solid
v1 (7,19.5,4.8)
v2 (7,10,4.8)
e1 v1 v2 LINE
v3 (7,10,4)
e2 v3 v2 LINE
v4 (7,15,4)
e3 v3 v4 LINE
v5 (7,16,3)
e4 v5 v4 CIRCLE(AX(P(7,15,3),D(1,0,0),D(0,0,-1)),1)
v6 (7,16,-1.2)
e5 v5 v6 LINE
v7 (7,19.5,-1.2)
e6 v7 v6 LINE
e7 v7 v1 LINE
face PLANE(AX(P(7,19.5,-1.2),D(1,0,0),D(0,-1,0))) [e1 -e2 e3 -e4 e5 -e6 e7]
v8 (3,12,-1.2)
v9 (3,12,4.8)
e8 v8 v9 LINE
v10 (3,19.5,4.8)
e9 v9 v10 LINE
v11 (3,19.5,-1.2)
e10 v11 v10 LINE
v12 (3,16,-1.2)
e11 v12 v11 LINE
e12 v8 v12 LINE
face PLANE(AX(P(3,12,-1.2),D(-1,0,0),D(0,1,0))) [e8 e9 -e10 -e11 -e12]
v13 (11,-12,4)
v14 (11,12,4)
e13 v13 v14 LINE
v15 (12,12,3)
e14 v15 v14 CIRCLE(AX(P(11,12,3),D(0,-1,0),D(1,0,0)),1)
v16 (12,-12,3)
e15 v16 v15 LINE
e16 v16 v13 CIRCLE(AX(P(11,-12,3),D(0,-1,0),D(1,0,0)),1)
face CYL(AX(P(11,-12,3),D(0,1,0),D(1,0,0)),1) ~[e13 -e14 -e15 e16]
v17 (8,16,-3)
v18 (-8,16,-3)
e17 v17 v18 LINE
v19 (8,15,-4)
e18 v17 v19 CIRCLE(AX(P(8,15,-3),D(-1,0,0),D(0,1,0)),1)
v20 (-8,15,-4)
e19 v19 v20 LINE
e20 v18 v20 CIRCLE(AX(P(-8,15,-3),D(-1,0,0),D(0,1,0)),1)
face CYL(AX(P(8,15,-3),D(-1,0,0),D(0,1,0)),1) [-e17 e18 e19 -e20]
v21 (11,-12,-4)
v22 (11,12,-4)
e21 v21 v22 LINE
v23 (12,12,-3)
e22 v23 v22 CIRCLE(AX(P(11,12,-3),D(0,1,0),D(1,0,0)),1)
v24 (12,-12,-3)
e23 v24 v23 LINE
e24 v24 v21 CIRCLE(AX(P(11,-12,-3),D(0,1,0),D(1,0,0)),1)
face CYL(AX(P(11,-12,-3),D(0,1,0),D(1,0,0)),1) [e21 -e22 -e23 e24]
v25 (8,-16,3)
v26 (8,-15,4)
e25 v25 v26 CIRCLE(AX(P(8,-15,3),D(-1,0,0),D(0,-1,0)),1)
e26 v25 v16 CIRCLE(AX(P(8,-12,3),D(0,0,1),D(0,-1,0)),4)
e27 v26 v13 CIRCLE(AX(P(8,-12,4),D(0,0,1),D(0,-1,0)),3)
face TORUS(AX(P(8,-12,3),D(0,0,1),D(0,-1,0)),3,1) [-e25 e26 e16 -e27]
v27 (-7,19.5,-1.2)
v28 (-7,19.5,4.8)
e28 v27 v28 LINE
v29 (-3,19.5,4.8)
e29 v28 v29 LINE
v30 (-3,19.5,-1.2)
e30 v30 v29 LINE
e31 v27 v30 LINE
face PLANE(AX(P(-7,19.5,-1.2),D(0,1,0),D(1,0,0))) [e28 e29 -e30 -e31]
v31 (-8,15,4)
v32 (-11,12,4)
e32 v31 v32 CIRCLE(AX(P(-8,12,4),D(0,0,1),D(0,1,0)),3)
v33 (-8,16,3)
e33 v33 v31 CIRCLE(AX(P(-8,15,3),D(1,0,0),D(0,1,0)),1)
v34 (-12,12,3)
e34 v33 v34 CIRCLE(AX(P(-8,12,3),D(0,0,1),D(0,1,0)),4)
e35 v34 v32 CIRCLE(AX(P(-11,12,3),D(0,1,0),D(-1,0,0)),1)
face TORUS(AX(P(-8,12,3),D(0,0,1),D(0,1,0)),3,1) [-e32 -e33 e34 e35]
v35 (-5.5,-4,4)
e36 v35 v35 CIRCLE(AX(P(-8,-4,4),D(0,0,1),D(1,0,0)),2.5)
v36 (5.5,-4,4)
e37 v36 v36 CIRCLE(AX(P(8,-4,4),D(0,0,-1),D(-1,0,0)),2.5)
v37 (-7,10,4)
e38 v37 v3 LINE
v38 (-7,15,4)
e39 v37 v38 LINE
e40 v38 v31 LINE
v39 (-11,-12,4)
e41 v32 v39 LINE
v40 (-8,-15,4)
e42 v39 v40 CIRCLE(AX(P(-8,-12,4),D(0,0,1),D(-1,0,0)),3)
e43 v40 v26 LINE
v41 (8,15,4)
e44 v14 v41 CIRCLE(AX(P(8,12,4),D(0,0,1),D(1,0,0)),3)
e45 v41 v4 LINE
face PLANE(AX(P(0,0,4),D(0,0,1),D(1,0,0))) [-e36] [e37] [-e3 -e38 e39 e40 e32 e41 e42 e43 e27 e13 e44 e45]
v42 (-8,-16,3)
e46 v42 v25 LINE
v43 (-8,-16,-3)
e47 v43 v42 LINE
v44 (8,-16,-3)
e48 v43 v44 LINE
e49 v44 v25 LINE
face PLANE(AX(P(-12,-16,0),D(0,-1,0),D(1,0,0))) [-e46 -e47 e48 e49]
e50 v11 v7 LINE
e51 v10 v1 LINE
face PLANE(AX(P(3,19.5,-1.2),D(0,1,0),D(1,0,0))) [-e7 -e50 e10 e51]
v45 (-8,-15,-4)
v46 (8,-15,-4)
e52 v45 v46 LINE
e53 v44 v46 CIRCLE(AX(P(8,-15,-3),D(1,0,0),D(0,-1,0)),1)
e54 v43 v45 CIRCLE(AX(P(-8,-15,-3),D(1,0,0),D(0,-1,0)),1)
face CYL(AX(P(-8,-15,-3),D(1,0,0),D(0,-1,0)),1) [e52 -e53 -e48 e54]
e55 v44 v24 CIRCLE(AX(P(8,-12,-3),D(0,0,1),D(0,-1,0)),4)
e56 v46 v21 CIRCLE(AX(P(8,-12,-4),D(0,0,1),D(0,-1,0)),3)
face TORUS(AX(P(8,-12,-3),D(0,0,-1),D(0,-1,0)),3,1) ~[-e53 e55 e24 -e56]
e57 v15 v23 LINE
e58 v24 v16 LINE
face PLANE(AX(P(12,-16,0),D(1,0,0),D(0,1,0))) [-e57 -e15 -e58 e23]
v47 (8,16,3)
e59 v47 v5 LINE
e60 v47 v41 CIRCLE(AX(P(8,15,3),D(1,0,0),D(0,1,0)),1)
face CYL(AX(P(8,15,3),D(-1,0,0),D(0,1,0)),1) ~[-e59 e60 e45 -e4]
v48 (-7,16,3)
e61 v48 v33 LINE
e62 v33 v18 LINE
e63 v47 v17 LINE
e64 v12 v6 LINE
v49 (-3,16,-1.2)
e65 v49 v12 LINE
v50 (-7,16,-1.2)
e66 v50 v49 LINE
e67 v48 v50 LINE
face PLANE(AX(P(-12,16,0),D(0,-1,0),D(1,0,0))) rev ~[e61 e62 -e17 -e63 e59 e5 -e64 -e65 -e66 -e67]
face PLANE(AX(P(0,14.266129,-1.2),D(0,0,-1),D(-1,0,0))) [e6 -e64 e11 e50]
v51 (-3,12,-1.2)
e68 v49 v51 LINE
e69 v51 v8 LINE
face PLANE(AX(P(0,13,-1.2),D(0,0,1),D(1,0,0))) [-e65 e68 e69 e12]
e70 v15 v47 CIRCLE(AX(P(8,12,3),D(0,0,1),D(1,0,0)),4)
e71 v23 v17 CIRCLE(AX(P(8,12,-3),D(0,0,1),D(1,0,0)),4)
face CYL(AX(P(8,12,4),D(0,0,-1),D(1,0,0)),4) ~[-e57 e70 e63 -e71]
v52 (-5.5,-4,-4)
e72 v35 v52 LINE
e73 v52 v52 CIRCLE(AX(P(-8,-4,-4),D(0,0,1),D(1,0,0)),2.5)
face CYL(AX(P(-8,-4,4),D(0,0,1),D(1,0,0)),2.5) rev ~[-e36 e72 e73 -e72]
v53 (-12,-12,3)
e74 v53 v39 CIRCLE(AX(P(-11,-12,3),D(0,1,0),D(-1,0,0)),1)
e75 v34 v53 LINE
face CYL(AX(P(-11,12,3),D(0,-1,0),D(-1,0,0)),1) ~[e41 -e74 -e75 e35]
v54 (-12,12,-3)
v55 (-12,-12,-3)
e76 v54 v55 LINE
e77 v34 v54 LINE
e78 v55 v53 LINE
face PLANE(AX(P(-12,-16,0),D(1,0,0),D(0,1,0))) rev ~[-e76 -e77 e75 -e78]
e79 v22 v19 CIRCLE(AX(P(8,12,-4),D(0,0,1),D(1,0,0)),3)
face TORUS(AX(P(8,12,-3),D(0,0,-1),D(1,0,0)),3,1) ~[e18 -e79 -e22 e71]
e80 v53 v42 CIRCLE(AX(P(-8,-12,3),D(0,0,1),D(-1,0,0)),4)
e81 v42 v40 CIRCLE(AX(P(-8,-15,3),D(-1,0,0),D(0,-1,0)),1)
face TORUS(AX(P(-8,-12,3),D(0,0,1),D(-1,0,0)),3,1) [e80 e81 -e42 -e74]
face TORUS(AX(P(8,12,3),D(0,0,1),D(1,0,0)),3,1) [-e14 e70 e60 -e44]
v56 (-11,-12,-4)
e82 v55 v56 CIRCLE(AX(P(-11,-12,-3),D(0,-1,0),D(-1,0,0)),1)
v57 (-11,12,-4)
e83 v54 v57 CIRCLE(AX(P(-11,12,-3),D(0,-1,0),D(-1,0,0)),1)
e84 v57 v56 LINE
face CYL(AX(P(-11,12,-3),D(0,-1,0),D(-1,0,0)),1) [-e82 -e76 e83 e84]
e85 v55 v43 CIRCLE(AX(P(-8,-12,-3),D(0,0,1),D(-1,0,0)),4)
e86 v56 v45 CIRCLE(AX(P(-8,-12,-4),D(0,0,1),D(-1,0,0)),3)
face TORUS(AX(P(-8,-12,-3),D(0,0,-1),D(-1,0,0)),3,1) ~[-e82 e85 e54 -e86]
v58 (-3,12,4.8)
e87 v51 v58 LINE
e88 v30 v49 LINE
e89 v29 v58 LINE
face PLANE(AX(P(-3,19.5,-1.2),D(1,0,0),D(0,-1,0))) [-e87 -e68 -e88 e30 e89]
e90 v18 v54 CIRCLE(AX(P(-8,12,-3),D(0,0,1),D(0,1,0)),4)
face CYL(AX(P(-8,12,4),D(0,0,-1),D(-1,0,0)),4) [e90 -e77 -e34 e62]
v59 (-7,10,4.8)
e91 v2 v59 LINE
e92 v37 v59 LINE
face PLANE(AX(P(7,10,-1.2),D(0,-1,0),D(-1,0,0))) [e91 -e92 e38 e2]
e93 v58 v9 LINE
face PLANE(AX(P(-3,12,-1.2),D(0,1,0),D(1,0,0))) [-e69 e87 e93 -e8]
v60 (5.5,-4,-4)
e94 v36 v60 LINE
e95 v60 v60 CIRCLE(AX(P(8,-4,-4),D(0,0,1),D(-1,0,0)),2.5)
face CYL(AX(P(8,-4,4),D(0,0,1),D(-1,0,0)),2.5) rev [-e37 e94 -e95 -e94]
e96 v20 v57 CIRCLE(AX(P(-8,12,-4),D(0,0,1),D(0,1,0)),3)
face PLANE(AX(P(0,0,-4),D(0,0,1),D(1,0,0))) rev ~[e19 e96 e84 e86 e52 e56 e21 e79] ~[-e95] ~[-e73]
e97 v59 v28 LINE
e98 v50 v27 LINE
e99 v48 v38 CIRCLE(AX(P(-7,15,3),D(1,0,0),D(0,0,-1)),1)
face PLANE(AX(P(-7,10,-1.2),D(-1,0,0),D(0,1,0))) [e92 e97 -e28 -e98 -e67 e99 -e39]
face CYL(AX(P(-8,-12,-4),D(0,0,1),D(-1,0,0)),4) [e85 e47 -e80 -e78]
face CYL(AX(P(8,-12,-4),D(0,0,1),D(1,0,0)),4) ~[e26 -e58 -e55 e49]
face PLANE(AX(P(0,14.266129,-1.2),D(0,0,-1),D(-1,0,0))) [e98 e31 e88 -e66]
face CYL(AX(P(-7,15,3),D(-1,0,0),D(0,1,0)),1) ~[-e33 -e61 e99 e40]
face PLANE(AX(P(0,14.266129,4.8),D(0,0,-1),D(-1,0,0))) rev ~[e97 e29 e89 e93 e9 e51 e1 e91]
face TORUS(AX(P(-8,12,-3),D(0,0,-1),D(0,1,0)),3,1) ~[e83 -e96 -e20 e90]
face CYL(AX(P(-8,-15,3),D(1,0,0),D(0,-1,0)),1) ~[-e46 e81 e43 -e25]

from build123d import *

# Parameters (mm, degrees)
SKETCH_W     = 24
SKETCH_H     = 32
PAD_DEPTH    = 4
FILLET_R     = 4
SKETCH001_R  = 2.5
HOLE_DEPTH   = 25
SKETCH002_W  = 14
SKETCH002_H  = 6
POCKET_DEPTH = 5.2
PAD001_DEPTH = 6
FILLET001_R  = 1
FILLET002_R  = 1


with BuildPart() as part:
    # Sketch → Pad (new body, symmetric)
    with BuildSketch(Plane.XY):
        Rectangle(SKETCH_W, SKETCH_H)
    extrude(amount=PAD_DEPTH, both=True)

    # Fillet
    fillet_edges = [part.edges().sort_by_distance(p)[0] for p in [
        (-12, -16, 0),
        (12, -16, 0),
        (12, 16, 0),
        (-12, 16, 0),
    ]]
    fillet(fillet_edges, radius=FILLET_R)

    # Sketch001 (on Face5 of Fillet) → Hole (cut)
    with BuildSketch(Plane.XY.offset(4)):
        with Locations((-8, -4)):
            Circle(SKETCH001_R)
    hole = extrude(amount=-HOLE_DEPTH, mode=Mode.SUBTRACT)

    # Mirrored: Hole across Sketch001 V_Axis
    add(hole.mirror(Plane(origin=(0, 0, 4), x_dir=(0, 0, 1), z_dir=(1, 0, 0))), mode=Mode.SUBTRACT)

    # Sketch002 (on Face5 of Mirrored) → Pocket (cut)
    with BuildSketch(Plane.XY.offset(4)):
        with Locations((0, 13)):
            Rectangle(SKETCH002_W, SKETCH002_H)
    extrude(amount=-POCKET_DEPTH, mode=Mode.SUBTRACT)

    # Sketch003 (on Face16 of Pocket) → Pad001 (join)
    with BuildSketch(Plane.XY.offset(-1.2)):
        Polygon((7, 10), (-7, 10), (-7, 19.5), (-3, 19.5), (-3, 12), (3, 12), (3, 19.5), (7, 19.5), align=None)
    extrude(amount=PAD001_DEPTH)

    # Fillet001
    fillet001_edges = [part.edges().sort_by_distance(p)[0] for p in [
        (0, -16, -4),
        (10.828427, -14.828427, -4),
        (12, 0, -4),
        (10.828427, 14.828427, -4),
        (-10.828427, -14.828427, -4),
        (-12, 0, -4),
        (-10.828427, 14.828427, -4),
        (0, 16, -4),
    ]]
    fillet(fillet001_edges, radius=FILLET001_R)

    # Fillet002
    fillet002_edges = [part.edges().sort_by_distance(p)[0] for p in [
        (-10.828427, -14.828427, 4),
        (-12, 0, 4),
        (-10.828427, 14.828427, 4),
        (10.828427, 14.828427, 4),
        (12, 0, 4),
        (10.828427, -14.828427, 4),
        (0, -16, 4),
        (-7.5, 16, 4),
        (7.5, 16, 4),
    ]]
    fillet(fillet002_edges, radius=FILLET002_R)


solid = part.part
